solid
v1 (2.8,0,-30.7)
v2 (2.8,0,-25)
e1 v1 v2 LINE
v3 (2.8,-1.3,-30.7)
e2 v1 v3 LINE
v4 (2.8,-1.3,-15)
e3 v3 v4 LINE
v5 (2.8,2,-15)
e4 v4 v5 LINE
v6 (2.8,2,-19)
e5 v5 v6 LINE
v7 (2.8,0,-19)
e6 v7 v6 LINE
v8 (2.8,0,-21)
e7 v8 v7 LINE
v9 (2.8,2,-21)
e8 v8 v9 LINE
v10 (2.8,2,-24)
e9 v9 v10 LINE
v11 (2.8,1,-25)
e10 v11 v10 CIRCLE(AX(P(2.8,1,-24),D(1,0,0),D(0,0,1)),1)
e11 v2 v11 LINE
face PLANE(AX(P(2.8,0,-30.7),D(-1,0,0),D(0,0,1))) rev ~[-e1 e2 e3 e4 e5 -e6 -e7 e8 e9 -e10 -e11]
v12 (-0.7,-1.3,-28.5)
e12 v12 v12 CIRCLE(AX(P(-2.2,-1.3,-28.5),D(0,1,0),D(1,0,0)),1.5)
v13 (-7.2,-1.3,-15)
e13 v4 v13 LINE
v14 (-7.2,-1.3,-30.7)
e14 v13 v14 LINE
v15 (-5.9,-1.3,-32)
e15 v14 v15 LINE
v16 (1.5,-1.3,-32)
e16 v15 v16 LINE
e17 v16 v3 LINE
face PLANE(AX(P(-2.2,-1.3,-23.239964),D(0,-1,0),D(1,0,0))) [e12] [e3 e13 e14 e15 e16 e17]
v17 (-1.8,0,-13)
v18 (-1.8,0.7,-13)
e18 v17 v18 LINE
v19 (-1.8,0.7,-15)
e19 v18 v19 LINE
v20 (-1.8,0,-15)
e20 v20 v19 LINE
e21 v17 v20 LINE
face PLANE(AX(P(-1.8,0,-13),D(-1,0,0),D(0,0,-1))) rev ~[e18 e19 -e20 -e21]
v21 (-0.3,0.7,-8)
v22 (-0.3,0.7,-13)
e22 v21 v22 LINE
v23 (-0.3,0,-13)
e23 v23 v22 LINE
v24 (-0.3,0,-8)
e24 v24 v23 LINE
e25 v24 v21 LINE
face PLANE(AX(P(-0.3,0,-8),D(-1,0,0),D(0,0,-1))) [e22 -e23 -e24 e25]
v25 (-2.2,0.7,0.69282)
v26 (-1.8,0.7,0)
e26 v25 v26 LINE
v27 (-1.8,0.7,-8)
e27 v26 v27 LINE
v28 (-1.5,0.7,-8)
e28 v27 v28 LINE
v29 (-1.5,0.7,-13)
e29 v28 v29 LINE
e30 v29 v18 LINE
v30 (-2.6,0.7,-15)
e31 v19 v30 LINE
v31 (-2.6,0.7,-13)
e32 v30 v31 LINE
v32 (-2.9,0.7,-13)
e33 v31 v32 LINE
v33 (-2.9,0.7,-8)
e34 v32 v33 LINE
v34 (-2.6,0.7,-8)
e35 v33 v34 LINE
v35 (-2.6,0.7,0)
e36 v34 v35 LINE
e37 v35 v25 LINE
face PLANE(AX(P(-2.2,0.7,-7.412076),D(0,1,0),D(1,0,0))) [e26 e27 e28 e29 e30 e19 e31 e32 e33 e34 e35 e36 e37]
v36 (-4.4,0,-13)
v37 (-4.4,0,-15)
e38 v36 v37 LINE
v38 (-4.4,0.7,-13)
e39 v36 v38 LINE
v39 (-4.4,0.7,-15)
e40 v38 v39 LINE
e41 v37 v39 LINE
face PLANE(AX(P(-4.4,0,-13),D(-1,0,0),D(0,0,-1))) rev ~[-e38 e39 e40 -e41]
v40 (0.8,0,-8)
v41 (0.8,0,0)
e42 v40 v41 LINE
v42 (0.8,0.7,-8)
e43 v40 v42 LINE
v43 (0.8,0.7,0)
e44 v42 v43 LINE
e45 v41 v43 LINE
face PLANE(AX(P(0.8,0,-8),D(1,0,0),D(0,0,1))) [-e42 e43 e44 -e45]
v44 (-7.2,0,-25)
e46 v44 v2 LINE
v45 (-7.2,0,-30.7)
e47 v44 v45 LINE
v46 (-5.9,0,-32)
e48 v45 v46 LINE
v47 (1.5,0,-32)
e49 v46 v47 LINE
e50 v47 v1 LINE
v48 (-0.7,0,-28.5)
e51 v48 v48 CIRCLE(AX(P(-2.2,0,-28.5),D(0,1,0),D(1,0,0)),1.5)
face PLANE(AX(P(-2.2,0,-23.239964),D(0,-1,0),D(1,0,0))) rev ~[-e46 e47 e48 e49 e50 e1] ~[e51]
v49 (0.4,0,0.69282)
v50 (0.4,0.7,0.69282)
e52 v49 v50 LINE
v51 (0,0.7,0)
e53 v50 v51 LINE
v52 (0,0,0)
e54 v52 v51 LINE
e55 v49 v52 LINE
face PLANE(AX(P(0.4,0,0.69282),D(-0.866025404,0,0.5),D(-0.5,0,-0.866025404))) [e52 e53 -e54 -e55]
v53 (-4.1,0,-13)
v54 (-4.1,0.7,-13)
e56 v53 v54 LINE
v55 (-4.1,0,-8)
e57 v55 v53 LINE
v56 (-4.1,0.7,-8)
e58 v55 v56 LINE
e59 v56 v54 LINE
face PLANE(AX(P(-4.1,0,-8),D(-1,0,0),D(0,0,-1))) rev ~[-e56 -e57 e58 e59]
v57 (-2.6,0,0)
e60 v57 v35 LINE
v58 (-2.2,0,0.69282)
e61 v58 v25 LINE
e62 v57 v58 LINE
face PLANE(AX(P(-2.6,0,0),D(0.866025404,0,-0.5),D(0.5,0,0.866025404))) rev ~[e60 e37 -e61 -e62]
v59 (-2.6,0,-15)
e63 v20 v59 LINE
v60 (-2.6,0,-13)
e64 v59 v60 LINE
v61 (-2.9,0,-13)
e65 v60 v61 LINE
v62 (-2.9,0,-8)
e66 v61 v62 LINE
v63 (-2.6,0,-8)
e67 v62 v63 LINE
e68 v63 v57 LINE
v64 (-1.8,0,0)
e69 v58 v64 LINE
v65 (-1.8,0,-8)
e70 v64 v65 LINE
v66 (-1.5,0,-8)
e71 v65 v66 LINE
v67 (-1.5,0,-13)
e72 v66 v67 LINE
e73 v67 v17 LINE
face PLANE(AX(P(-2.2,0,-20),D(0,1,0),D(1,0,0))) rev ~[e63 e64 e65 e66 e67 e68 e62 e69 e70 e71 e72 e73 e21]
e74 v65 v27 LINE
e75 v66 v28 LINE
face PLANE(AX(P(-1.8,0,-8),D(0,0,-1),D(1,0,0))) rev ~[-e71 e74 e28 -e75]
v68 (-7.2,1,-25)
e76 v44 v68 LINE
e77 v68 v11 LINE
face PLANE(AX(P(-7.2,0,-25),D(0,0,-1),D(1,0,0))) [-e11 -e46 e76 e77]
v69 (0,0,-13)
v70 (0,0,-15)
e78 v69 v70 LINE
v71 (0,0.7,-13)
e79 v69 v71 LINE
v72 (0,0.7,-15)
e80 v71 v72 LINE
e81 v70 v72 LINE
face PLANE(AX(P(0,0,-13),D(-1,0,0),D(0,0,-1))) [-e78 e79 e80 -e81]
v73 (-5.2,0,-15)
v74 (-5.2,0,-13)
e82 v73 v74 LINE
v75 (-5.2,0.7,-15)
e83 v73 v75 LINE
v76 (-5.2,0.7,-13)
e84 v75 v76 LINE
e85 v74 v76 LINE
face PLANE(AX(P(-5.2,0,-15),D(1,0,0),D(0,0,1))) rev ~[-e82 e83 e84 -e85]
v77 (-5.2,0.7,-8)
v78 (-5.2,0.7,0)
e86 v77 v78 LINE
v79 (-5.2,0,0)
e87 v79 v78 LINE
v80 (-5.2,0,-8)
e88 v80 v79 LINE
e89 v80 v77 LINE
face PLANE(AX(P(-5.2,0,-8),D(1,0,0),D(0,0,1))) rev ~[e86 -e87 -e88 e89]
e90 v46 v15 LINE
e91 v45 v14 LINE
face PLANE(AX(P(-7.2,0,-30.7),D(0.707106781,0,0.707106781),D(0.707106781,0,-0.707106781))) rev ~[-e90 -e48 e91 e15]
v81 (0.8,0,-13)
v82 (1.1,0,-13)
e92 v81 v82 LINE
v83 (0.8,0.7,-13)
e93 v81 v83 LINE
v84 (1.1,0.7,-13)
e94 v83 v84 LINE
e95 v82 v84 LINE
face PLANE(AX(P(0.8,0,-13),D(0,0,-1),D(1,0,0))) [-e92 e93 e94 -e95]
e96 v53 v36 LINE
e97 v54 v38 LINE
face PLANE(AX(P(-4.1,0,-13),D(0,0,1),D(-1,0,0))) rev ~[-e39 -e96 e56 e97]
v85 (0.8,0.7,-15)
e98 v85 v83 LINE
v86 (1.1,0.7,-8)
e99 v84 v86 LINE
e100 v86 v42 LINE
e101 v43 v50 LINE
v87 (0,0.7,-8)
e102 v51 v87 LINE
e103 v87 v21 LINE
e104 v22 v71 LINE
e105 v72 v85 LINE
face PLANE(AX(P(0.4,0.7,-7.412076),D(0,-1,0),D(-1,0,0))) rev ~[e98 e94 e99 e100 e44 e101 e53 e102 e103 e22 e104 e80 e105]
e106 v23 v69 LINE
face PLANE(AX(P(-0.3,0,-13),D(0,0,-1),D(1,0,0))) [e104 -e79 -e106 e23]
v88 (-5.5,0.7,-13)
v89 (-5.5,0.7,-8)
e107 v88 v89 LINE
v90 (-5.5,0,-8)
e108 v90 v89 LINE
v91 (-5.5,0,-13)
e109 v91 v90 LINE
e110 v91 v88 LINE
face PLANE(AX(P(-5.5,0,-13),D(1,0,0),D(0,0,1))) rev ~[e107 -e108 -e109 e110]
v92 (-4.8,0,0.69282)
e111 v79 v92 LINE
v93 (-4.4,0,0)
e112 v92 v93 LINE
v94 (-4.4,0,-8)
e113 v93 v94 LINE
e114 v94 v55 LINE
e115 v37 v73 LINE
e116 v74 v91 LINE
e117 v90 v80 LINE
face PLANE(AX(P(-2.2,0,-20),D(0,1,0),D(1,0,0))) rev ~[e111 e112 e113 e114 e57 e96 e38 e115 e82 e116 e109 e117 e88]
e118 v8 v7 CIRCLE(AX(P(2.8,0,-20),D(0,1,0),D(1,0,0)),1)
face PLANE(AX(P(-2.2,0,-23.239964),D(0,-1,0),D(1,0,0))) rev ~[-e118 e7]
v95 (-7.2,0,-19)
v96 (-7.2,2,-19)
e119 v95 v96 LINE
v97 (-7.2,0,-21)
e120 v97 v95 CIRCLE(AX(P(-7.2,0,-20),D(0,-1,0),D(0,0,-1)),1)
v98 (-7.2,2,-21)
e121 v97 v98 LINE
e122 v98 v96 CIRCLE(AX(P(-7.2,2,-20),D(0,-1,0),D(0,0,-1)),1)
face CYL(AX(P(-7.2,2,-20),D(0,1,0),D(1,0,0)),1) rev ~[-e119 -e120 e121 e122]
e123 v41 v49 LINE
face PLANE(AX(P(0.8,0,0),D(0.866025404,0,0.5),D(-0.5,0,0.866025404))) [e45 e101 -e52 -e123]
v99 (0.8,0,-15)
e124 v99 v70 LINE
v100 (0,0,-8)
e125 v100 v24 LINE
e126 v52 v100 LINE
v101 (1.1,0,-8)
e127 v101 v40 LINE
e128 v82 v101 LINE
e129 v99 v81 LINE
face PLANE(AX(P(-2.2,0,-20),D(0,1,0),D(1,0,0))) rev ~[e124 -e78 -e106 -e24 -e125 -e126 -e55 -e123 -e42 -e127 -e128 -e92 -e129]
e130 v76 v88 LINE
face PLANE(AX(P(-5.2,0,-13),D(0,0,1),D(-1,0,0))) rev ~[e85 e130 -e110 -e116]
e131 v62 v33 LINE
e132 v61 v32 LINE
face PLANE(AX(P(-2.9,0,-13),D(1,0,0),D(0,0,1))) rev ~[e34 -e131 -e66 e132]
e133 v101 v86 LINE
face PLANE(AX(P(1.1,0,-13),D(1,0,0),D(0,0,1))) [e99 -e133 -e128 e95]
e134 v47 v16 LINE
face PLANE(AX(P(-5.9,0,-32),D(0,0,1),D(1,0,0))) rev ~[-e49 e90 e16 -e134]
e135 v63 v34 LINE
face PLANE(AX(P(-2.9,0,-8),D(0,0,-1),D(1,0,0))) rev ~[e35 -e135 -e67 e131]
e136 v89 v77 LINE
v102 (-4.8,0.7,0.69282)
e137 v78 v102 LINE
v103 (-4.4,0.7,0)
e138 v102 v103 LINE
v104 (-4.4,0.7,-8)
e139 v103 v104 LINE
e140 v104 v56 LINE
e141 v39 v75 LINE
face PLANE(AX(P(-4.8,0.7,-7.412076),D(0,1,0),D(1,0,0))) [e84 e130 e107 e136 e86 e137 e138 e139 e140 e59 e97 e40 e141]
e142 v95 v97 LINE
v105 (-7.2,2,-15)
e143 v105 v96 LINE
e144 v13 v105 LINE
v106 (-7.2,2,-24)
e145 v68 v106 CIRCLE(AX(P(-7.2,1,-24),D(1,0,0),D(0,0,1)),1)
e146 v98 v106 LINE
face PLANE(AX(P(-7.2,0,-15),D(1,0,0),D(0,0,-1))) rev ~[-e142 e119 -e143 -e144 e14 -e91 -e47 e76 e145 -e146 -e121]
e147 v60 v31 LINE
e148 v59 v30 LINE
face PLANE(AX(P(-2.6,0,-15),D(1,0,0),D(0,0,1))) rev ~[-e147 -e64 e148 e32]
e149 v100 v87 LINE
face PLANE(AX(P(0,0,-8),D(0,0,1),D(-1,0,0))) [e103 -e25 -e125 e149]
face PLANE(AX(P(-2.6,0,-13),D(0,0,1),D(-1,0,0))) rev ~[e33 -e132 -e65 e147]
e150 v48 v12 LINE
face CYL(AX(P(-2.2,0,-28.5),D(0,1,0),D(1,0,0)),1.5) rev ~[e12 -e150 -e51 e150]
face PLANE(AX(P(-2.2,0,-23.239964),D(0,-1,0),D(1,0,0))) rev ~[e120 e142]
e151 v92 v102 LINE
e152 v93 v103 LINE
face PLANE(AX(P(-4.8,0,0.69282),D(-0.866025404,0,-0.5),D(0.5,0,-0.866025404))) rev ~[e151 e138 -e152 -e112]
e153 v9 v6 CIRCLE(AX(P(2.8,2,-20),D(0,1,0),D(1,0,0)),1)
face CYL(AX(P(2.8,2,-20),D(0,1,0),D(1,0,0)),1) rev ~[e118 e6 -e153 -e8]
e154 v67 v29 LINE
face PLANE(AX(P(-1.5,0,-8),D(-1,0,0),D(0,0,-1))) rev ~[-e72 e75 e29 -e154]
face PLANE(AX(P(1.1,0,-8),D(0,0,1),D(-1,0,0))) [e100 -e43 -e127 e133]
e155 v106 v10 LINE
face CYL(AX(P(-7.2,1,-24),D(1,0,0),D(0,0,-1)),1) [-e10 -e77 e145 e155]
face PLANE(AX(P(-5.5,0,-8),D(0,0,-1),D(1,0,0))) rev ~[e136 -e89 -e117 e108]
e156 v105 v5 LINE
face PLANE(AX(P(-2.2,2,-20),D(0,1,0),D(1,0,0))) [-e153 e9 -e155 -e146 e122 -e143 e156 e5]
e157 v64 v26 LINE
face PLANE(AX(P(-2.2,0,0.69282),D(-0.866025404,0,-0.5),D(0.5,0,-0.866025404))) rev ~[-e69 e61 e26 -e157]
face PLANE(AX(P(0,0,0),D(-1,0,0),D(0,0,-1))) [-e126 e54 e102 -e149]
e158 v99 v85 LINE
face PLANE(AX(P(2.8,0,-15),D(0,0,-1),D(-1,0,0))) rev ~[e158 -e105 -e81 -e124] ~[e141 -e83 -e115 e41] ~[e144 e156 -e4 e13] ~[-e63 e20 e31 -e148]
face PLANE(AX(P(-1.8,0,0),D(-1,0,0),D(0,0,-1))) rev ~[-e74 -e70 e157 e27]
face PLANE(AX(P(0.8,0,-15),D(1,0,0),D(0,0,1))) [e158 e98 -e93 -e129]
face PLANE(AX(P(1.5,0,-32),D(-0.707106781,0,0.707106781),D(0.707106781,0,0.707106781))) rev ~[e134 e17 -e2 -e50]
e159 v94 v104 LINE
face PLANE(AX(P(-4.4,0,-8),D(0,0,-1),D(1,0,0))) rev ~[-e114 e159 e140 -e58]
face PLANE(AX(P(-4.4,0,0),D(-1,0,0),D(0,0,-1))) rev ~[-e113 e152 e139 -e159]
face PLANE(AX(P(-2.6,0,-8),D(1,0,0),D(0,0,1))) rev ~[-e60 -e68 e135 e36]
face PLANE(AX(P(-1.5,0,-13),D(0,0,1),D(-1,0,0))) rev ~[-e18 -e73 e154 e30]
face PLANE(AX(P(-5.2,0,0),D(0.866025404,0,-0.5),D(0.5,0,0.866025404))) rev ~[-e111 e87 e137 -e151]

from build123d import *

# Parameters (mm, degrees)
BOSS_EXTRUDE1_DEPTH   = 0.7
BOSS_EXTRUDE1_2_DEPTH = 0.7
BOSS_EXTRUDE1_3_DEPTH = 0.7
SKETCH2_W             = 10
SKETCH2_H             = 10
BOSS_EXTRUDE2_DEPTH   = 2
FILLET1_R             = 1
SKETCH3_R             = 1
CUT_EXTRUDE1_DEPTH    = 2
BOSS_EXTRUDE3_DEPTH   = 1.3
SKETCH5_R             = 1.5
CUT_EXTRUDE2_DEPTH    = 2.3


with BuildPart() as part:
    # Sketch1 → Boss-Extrude1 (new body)
    with BuildSketch(Plane(origin=(0, 0, 0), x_dir=(1, 0, 0), z_dir=(0, 1, 0))):
        Polygon((0, 0), (0, 8), (-0.3, 8), (-0.3, 13), (0, 13), (0, 15), (0.8, 15), (0.8, 13), (1.1, 13), (1.1, 8), (0.8, 8), (0.8, 0), (0.4, -0.692820323), align=None)
    extrude(amount=BOSS_EXTRUDE1_DEPTH)



with BuildPart() as body_2:
    # Sketch1 → Boss-Extrude1 2 (new body)
    with BuildSketch(Plane(origin=(0, 0, 0), x_dir=(1, 0, 0), z_dir=(0, 1, 0))):
        Polygon((-1.8, 15), (-2.6, 15), (-2.6, 13), (-2.9, 13), (-2.9, 8), (-2.6, 8), (-2.6, 0), (-2.2, -0.692820323), (-1.8, 0), (-1.8, 8), (-1.5, 8), (-1.5, 13), (-1.8, 13), align=None)
    extrude(amount=BOSS_EXTRUDE1_2_DEPTH)


with BuildPart() as body_3:
    # Sketch1 → Boss-Extrude1 3 (new body)
    with BuildSketch(Plane(origin=(0, 0, 0), x_dir=(1, 0, 0), z_dir=(0, 1, 0))):
        Polygon((-5.5, 13), (-5.5, 8), (-5.2, 8), (-5.2, 0), (-4.8, -0.692820323), (-4.4, 0), (-4.4, 8), (-4.1, 8), (-4.1, 13), (-4.4, 13), (-4.4, 15), (-5.2, 15), (-5.2, 13), align=None)
    extrude(amount=BOSS_EXTRUDE1_3_DEPTH)


with BuildPart() as part_1:
    add(part.part)

    add(body_2.part)  # Boss-Extrude2 merges body 2

    add(body_3.part)  # Boss-Extrude2 merges body 3
    # Sketch2 → Boss-Extrude2 (add)
    with BuildSketch(Plane(origin=(0, 0, 0), x_dir=(1, 0, 0), z_dir=(0, 1, 0))):
        with Locations((-2.2, 20)):
            Rectangle(SKETCH2_W, SKETCH2_H)
    extrude(amount=BOSS_EXTRUDE2_DEPTH)

    # Fillet1
    fillet1_edges = [part_1.edges().sort_by_distance(p)[0] for p in [
        (-2.2, 2, -25),
    ]]
    fillet(fillet1_edges, radius=FILLET1_R)

    # Sketch3 → Cut-Extrude1 (cut)
    with BuildSketch(Plane(origin=(0, 2, 0), x_dir=(1, 0, 0), z_dir=(0, 1, 0))):
        with Locations((-7.2, 20)):
            Circle(SKETCH3_R)
        with Locations((2.8, 20)):
            Circle(SKETCH3_R)
    extrude(amount=-CUT_EXTRUDE1_DEPTH, mode=Mode.SUBTRACT)

    # Sketch4 → Boss-Extrude3 (add)
    with BuildSketch(Plane.XZ):
        Polygon((-7.2, -30.7), (-5.9, -32), (1.5, -32), (2.8, -30.7), (2.8, -15), (-7.2, -15), align=None)
    extrude(amount=BOSS_EXTRUDE3_DEPTH)

    # Sketch5 → Cut-Extrude2 (cut, through all)
    with BuildSketch(Plane(origin=(0, 0, 0), x_dir=(1, 0, 0), z_dir=(0, 1, 0))):
        with Locations((-2.2, 28.5)):
            Circle(SKETCH5_R)
    extrude(amount=-CUT_EXTRUDE2_DEPTH, mode=Mode.SUBTRACT)


solid = part_1.part
